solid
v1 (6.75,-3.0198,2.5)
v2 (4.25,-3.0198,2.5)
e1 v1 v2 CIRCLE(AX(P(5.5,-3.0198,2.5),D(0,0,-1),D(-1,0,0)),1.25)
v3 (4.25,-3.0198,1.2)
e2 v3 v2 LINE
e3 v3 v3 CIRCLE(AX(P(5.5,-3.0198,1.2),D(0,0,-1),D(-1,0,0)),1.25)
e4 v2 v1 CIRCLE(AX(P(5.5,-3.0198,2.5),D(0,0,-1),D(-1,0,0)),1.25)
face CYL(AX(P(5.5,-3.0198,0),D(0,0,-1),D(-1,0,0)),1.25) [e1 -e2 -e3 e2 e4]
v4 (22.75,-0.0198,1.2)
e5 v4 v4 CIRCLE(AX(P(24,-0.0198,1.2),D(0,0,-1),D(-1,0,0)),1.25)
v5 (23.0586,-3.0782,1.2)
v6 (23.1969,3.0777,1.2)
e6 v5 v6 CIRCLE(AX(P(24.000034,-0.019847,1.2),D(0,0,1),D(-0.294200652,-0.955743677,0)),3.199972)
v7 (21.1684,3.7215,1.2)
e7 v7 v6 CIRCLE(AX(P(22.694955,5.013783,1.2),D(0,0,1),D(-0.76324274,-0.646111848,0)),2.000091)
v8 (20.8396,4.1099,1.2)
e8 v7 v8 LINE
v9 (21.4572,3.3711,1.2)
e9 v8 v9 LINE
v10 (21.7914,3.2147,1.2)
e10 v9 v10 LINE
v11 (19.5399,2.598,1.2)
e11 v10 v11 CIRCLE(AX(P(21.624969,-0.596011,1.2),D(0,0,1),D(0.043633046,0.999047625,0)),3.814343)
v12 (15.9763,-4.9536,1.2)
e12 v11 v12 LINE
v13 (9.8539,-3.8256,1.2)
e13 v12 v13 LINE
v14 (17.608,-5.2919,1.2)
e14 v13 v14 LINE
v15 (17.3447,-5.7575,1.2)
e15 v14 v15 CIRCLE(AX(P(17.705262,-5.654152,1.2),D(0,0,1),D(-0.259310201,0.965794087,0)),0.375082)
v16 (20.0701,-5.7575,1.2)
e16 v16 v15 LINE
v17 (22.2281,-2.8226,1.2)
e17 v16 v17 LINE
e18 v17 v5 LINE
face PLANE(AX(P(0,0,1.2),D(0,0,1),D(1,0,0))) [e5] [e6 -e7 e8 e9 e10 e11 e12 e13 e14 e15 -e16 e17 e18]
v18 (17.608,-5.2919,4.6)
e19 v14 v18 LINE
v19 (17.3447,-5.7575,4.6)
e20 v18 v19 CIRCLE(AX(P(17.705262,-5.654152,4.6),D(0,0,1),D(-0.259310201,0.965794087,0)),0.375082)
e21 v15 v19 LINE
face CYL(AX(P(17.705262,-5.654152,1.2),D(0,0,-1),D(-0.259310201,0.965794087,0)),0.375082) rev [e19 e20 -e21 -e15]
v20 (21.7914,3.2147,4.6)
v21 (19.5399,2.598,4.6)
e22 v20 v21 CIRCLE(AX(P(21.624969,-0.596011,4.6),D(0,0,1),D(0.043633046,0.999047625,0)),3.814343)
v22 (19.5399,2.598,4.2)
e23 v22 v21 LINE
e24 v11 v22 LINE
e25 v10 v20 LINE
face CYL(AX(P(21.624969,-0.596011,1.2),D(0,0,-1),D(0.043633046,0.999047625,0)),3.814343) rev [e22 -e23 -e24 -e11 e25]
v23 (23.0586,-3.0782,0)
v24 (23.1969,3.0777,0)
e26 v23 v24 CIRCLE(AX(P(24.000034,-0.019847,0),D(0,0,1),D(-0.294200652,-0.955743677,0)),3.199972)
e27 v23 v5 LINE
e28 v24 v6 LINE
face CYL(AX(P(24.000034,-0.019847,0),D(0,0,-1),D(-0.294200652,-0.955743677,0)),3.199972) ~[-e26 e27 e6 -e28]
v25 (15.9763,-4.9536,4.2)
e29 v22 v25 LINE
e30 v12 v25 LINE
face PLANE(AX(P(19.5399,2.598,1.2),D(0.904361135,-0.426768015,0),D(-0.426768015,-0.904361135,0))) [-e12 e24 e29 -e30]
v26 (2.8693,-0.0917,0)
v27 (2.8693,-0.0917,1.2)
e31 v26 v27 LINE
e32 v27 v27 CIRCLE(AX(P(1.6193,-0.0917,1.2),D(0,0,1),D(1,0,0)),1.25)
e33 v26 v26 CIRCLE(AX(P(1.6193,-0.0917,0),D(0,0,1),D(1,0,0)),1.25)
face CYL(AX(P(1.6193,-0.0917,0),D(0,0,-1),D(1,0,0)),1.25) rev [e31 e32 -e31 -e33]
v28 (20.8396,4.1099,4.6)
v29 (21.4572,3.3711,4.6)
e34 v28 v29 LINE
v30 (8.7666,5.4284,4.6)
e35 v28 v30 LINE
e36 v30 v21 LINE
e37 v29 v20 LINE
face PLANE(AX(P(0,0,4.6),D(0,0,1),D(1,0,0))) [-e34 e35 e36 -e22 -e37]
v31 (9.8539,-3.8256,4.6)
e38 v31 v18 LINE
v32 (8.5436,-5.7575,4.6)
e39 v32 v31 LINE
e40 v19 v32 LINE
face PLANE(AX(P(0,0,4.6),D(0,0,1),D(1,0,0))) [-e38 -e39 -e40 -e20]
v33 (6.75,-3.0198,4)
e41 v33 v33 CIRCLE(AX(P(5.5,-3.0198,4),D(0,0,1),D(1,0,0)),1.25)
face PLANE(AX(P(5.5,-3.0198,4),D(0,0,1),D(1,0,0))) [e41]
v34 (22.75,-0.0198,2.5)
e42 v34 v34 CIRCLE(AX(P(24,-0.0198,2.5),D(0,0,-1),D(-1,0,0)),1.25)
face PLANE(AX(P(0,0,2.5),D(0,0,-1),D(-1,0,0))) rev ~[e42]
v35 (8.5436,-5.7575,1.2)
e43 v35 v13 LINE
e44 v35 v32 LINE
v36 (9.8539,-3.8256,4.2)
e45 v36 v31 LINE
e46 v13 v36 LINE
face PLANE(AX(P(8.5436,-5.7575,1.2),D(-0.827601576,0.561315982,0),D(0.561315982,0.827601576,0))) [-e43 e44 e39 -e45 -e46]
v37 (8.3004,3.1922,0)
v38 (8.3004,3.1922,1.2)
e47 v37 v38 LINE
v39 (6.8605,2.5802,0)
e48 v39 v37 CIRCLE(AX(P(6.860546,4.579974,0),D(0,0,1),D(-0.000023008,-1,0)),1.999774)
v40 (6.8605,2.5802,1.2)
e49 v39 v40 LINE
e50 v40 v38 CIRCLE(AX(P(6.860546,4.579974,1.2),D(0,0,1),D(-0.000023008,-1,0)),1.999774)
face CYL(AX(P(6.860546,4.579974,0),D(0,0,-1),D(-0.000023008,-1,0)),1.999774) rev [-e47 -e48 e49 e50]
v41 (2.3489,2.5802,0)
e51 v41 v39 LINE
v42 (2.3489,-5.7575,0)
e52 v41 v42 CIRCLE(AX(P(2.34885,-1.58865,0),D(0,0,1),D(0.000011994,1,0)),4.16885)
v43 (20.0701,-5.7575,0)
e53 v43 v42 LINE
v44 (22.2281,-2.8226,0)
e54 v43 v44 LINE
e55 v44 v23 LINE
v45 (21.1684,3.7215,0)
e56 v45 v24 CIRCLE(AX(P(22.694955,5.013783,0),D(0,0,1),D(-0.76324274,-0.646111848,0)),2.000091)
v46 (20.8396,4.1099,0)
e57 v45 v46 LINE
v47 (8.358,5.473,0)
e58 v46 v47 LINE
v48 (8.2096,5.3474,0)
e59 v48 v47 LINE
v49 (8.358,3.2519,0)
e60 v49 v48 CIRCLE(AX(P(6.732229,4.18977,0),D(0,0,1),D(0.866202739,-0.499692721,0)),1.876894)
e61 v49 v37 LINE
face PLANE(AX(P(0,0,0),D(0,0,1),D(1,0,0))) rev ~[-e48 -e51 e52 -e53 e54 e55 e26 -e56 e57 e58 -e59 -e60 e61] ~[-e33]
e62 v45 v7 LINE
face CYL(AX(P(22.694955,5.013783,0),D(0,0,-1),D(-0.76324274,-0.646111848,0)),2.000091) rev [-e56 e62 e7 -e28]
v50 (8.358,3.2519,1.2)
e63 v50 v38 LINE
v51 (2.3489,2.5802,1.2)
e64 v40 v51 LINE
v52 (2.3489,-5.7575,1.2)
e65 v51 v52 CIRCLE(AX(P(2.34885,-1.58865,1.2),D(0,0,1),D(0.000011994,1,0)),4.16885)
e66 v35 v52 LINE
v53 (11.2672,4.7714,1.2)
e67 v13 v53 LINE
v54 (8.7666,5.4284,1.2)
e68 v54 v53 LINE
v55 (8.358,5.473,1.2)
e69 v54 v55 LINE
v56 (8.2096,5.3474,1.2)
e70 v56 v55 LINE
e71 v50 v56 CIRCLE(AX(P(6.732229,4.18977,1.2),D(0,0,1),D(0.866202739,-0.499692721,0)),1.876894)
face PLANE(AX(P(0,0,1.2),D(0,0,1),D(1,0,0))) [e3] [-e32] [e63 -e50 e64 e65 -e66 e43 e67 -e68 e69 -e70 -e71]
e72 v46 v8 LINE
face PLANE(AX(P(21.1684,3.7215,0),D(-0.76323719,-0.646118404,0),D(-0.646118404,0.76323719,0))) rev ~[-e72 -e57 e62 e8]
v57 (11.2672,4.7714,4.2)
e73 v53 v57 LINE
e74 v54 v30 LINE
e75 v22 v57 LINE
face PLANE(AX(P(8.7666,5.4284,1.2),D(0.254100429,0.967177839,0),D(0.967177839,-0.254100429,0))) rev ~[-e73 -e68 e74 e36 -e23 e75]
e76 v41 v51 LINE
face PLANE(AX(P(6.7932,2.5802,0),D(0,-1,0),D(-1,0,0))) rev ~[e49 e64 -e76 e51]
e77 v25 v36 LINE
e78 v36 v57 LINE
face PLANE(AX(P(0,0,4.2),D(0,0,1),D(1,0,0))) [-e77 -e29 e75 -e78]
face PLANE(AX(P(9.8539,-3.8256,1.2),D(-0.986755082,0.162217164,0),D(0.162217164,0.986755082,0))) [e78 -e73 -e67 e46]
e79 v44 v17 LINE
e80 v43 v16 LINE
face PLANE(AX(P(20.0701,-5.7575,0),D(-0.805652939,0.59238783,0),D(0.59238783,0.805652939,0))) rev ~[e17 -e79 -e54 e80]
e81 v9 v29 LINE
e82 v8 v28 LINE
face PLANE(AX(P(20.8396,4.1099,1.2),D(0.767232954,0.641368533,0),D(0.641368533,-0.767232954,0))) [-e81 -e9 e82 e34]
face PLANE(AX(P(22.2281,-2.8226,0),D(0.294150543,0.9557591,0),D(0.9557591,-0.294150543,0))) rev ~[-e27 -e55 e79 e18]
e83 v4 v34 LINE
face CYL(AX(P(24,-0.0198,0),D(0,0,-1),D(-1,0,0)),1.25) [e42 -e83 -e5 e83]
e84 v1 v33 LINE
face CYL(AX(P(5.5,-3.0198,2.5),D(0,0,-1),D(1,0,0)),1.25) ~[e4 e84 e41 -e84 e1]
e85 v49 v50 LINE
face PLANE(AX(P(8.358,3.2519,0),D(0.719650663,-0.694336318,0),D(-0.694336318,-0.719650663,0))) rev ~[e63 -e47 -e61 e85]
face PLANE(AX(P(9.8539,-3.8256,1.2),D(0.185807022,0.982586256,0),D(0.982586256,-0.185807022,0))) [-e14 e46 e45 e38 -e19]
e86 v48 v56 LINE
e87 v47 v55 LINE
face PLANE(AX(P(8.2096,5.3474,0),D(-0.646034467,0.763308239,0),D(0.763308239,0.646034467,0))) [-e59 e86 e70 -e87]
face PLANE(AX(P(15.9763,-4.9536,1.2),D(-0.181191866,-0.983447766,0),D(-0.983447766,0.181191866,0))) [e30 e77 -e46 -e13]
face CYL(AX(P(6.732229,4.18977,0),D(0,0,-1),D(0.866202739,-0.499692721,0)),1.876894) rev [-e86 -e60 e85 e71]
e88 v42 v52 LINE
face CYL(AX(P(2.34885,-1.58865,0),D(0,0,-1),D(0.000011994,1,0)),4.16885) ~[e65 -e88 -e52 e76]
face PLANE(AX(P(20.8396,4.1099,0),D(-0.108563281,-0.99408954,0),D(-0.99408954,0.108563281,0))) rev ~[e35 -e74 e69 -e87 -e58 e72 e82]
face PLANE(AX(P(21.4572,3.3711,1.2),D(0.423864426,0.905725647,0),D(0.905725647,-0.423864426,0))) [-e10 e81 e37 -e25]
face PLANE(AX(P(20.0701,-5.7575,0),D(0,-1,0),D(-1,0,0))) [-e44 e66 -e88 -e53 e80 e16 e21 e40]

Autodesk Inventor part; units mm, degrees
ref_plane "YZ Plane" through (0, 0, 0) normal (1, 0, 0) x (0, 1, 0)
ref_plane "XZ Plane" through (0, 0, 0) normal (0, 1, 0) x (-1, 0, 0)
ref_plane "XY Plane" through (0, 0, 0) normal (0, 0, 1) x (1, 0, 0)
sketch "Boceto1" plane through (0, 0, 0) normal (0, 0, 1) x (1, 0, 0)
  circle A0 centre (1.6193, -0.0917) radius 1.25
  circle A1 centre (5.5, -3.0198) radius 1.25
  circle A2 centre (24, -0.0198) radius 1.25
  arc A3 (23.0586, -3.0782) -> (23.1969, 3.0777) centre (24, -0.0198) ccw
  line L0 (22.2281, -2.8226) -> (23.0586, -3.0782)
  line L1 (20.0701, -5.7575) -> (22.2281, -2.8226)
  line L2 (8.358, 5.473) -> (10.9932, 5.5802) construction
  line L3 (8.2096, 5.3474) -> (8.358, 5.473)
  line L4 (21.1684, 3.7215) -> (20.8396, 4.1099)
  line L5 (20.8396, 4.1099) -> (8.358, 5.473)
  arc A4 (21.1684, 3.7215) -> (23.1969, 3.0777) centre (22.6949, 5.0137) ccw
  line L6 (6.8396, 2.5802) -> (2.3489, 2.5802)
  line L7 (20.0701, -5.7575) -> (2.3489, -5.7575)
  arc A5 (2.3489, 2.5802) -> (2.3489, -5.7575) centre (2.3489, -1.5887) ccw
  line L8 (8.358, 3.2519) -> (8.3004, 3.1922)
  line L9 (6.8605, 2.5802) -> (6.7932, 2.5802)
  arc A6 (8.358, 3.2519) -> (8.2096, 5.3474) centre (6.7321, 4.1898) ccw
  arc A7 (6.8605, 2.5802) -> (8.3004, 3.1922) centre (6.8605, 4.5802) ccw
  point P0 (21.1252, -5.0888)
  point P1 (22.1345, 2.5802)
  point P2 (7.7105, 2.5802)
  dimension "d1" = 2.5
  dimension "d33" = 2
extrude "Extrusión1" add sketch "Boceto1" along normal blind 1.2
sketch "Boceto2" plane through (0, 0, 1.2) normal (0, 0, 1) x (1, 0, 0)
  arc A0 (23.0586, -3.0782) -> (23.1969, 3.0777) centre (24, -0.0198) ccw projected
  line L0 (20.8396, 4.1099) -> (8.358, 5.473) projected
  line L1 (8.7666, 5.4284) -> (20.8396, 4.1099)
  line L2 (20.8396, 4.1099) -> (21.4572, 3.3711)
  line L3 (21.4572, 3.3711) -> (21.7914, 3.2147)
  line L4 (8.7666, 5.4284) -> (19.5399, 2.598)
  arc A1 (21.7914, 3.2147) -> (19.5399, 2.598) centre (21.6249, -0.5954) ccw
  line L5 (8.5436, -5.7575) -> (9.8539, -3.8256)
  line L6 (9.8539, -3.8256) -> (17.608, -5.2919)
  line L7 (17.3447, -5.7575) -> (8.5436, -5.7575)
  arc A2 (17.608, -5.2919) -> (17.3447, -5.7575) centre (17.7053, -5.6542) ccw
  point P0 (0, 0)
  point P1 (0.0237, -5.8)
  point P2 (24.1345, 2.6)
extrude "Extrusión2" add sketch "Boceto2" along normal blind 3.4
sketch "Boceto3" plane through (0, 0, 0) normal (0, 0, -1) x (-1, 0, 0)
  circle A0 centre (0, 0) radius 1.2362
  circle A1 centre (-5.5, -3.0198) radius 1.25 projected
  circle A2 centre (-5.5, -3.0198) radius 1.25
  circle A3 centre (-24, -0.0198) radius 1.25 projected
  circle A4 centre (-24, -0.0198) radius 1.25
extrude "Extrusión3" add sketch "Boceto3" against normal blind 2.5 contours A1 | A3
sketch "Boceto4" plane through (5.5, -3.0198, 2.5) normal (0, 0, 1) x (1, 0, 0)
  circle A0 centre (0, 0) radius 1.25 projected
  circle A1 centre (0, 0) radius 1.25
  point P0 (-5.5, 3.0198)
extrude "Extrusión4" add sketch "Boceto4" along normal blind 1.5
sketch "Boceto6" plane through (0, 0, 1.2) normal (0, 0, 1) x (1, 0, 0)
  line L0 (9.8539, -3.8256) -> (17.608, -5.2919) projected
  line L1 (9.8539, -3.8256) -> (11.2672, 4.7714)
  line L2 (19.5399, 2.598) -> (8.7666, 5.4284) projected
  line L3 (11.2672, 4.7714) -> (19.5399, 2.598)
  line L4 (19.5399, 2.598) -> (15.9763, -4.9536)
  line L5 (9.8539, -3.8256) -> (8.5436, -5.7575) projected
  line L6 (15.9763, -4.9536) -> (9.8539, -3.8256)
  point P0 (0, 0)
extrude "Extrusión6" add sketch "Boceto6" along normal blind 3
properties part number "Pieza2_3DPrint"
